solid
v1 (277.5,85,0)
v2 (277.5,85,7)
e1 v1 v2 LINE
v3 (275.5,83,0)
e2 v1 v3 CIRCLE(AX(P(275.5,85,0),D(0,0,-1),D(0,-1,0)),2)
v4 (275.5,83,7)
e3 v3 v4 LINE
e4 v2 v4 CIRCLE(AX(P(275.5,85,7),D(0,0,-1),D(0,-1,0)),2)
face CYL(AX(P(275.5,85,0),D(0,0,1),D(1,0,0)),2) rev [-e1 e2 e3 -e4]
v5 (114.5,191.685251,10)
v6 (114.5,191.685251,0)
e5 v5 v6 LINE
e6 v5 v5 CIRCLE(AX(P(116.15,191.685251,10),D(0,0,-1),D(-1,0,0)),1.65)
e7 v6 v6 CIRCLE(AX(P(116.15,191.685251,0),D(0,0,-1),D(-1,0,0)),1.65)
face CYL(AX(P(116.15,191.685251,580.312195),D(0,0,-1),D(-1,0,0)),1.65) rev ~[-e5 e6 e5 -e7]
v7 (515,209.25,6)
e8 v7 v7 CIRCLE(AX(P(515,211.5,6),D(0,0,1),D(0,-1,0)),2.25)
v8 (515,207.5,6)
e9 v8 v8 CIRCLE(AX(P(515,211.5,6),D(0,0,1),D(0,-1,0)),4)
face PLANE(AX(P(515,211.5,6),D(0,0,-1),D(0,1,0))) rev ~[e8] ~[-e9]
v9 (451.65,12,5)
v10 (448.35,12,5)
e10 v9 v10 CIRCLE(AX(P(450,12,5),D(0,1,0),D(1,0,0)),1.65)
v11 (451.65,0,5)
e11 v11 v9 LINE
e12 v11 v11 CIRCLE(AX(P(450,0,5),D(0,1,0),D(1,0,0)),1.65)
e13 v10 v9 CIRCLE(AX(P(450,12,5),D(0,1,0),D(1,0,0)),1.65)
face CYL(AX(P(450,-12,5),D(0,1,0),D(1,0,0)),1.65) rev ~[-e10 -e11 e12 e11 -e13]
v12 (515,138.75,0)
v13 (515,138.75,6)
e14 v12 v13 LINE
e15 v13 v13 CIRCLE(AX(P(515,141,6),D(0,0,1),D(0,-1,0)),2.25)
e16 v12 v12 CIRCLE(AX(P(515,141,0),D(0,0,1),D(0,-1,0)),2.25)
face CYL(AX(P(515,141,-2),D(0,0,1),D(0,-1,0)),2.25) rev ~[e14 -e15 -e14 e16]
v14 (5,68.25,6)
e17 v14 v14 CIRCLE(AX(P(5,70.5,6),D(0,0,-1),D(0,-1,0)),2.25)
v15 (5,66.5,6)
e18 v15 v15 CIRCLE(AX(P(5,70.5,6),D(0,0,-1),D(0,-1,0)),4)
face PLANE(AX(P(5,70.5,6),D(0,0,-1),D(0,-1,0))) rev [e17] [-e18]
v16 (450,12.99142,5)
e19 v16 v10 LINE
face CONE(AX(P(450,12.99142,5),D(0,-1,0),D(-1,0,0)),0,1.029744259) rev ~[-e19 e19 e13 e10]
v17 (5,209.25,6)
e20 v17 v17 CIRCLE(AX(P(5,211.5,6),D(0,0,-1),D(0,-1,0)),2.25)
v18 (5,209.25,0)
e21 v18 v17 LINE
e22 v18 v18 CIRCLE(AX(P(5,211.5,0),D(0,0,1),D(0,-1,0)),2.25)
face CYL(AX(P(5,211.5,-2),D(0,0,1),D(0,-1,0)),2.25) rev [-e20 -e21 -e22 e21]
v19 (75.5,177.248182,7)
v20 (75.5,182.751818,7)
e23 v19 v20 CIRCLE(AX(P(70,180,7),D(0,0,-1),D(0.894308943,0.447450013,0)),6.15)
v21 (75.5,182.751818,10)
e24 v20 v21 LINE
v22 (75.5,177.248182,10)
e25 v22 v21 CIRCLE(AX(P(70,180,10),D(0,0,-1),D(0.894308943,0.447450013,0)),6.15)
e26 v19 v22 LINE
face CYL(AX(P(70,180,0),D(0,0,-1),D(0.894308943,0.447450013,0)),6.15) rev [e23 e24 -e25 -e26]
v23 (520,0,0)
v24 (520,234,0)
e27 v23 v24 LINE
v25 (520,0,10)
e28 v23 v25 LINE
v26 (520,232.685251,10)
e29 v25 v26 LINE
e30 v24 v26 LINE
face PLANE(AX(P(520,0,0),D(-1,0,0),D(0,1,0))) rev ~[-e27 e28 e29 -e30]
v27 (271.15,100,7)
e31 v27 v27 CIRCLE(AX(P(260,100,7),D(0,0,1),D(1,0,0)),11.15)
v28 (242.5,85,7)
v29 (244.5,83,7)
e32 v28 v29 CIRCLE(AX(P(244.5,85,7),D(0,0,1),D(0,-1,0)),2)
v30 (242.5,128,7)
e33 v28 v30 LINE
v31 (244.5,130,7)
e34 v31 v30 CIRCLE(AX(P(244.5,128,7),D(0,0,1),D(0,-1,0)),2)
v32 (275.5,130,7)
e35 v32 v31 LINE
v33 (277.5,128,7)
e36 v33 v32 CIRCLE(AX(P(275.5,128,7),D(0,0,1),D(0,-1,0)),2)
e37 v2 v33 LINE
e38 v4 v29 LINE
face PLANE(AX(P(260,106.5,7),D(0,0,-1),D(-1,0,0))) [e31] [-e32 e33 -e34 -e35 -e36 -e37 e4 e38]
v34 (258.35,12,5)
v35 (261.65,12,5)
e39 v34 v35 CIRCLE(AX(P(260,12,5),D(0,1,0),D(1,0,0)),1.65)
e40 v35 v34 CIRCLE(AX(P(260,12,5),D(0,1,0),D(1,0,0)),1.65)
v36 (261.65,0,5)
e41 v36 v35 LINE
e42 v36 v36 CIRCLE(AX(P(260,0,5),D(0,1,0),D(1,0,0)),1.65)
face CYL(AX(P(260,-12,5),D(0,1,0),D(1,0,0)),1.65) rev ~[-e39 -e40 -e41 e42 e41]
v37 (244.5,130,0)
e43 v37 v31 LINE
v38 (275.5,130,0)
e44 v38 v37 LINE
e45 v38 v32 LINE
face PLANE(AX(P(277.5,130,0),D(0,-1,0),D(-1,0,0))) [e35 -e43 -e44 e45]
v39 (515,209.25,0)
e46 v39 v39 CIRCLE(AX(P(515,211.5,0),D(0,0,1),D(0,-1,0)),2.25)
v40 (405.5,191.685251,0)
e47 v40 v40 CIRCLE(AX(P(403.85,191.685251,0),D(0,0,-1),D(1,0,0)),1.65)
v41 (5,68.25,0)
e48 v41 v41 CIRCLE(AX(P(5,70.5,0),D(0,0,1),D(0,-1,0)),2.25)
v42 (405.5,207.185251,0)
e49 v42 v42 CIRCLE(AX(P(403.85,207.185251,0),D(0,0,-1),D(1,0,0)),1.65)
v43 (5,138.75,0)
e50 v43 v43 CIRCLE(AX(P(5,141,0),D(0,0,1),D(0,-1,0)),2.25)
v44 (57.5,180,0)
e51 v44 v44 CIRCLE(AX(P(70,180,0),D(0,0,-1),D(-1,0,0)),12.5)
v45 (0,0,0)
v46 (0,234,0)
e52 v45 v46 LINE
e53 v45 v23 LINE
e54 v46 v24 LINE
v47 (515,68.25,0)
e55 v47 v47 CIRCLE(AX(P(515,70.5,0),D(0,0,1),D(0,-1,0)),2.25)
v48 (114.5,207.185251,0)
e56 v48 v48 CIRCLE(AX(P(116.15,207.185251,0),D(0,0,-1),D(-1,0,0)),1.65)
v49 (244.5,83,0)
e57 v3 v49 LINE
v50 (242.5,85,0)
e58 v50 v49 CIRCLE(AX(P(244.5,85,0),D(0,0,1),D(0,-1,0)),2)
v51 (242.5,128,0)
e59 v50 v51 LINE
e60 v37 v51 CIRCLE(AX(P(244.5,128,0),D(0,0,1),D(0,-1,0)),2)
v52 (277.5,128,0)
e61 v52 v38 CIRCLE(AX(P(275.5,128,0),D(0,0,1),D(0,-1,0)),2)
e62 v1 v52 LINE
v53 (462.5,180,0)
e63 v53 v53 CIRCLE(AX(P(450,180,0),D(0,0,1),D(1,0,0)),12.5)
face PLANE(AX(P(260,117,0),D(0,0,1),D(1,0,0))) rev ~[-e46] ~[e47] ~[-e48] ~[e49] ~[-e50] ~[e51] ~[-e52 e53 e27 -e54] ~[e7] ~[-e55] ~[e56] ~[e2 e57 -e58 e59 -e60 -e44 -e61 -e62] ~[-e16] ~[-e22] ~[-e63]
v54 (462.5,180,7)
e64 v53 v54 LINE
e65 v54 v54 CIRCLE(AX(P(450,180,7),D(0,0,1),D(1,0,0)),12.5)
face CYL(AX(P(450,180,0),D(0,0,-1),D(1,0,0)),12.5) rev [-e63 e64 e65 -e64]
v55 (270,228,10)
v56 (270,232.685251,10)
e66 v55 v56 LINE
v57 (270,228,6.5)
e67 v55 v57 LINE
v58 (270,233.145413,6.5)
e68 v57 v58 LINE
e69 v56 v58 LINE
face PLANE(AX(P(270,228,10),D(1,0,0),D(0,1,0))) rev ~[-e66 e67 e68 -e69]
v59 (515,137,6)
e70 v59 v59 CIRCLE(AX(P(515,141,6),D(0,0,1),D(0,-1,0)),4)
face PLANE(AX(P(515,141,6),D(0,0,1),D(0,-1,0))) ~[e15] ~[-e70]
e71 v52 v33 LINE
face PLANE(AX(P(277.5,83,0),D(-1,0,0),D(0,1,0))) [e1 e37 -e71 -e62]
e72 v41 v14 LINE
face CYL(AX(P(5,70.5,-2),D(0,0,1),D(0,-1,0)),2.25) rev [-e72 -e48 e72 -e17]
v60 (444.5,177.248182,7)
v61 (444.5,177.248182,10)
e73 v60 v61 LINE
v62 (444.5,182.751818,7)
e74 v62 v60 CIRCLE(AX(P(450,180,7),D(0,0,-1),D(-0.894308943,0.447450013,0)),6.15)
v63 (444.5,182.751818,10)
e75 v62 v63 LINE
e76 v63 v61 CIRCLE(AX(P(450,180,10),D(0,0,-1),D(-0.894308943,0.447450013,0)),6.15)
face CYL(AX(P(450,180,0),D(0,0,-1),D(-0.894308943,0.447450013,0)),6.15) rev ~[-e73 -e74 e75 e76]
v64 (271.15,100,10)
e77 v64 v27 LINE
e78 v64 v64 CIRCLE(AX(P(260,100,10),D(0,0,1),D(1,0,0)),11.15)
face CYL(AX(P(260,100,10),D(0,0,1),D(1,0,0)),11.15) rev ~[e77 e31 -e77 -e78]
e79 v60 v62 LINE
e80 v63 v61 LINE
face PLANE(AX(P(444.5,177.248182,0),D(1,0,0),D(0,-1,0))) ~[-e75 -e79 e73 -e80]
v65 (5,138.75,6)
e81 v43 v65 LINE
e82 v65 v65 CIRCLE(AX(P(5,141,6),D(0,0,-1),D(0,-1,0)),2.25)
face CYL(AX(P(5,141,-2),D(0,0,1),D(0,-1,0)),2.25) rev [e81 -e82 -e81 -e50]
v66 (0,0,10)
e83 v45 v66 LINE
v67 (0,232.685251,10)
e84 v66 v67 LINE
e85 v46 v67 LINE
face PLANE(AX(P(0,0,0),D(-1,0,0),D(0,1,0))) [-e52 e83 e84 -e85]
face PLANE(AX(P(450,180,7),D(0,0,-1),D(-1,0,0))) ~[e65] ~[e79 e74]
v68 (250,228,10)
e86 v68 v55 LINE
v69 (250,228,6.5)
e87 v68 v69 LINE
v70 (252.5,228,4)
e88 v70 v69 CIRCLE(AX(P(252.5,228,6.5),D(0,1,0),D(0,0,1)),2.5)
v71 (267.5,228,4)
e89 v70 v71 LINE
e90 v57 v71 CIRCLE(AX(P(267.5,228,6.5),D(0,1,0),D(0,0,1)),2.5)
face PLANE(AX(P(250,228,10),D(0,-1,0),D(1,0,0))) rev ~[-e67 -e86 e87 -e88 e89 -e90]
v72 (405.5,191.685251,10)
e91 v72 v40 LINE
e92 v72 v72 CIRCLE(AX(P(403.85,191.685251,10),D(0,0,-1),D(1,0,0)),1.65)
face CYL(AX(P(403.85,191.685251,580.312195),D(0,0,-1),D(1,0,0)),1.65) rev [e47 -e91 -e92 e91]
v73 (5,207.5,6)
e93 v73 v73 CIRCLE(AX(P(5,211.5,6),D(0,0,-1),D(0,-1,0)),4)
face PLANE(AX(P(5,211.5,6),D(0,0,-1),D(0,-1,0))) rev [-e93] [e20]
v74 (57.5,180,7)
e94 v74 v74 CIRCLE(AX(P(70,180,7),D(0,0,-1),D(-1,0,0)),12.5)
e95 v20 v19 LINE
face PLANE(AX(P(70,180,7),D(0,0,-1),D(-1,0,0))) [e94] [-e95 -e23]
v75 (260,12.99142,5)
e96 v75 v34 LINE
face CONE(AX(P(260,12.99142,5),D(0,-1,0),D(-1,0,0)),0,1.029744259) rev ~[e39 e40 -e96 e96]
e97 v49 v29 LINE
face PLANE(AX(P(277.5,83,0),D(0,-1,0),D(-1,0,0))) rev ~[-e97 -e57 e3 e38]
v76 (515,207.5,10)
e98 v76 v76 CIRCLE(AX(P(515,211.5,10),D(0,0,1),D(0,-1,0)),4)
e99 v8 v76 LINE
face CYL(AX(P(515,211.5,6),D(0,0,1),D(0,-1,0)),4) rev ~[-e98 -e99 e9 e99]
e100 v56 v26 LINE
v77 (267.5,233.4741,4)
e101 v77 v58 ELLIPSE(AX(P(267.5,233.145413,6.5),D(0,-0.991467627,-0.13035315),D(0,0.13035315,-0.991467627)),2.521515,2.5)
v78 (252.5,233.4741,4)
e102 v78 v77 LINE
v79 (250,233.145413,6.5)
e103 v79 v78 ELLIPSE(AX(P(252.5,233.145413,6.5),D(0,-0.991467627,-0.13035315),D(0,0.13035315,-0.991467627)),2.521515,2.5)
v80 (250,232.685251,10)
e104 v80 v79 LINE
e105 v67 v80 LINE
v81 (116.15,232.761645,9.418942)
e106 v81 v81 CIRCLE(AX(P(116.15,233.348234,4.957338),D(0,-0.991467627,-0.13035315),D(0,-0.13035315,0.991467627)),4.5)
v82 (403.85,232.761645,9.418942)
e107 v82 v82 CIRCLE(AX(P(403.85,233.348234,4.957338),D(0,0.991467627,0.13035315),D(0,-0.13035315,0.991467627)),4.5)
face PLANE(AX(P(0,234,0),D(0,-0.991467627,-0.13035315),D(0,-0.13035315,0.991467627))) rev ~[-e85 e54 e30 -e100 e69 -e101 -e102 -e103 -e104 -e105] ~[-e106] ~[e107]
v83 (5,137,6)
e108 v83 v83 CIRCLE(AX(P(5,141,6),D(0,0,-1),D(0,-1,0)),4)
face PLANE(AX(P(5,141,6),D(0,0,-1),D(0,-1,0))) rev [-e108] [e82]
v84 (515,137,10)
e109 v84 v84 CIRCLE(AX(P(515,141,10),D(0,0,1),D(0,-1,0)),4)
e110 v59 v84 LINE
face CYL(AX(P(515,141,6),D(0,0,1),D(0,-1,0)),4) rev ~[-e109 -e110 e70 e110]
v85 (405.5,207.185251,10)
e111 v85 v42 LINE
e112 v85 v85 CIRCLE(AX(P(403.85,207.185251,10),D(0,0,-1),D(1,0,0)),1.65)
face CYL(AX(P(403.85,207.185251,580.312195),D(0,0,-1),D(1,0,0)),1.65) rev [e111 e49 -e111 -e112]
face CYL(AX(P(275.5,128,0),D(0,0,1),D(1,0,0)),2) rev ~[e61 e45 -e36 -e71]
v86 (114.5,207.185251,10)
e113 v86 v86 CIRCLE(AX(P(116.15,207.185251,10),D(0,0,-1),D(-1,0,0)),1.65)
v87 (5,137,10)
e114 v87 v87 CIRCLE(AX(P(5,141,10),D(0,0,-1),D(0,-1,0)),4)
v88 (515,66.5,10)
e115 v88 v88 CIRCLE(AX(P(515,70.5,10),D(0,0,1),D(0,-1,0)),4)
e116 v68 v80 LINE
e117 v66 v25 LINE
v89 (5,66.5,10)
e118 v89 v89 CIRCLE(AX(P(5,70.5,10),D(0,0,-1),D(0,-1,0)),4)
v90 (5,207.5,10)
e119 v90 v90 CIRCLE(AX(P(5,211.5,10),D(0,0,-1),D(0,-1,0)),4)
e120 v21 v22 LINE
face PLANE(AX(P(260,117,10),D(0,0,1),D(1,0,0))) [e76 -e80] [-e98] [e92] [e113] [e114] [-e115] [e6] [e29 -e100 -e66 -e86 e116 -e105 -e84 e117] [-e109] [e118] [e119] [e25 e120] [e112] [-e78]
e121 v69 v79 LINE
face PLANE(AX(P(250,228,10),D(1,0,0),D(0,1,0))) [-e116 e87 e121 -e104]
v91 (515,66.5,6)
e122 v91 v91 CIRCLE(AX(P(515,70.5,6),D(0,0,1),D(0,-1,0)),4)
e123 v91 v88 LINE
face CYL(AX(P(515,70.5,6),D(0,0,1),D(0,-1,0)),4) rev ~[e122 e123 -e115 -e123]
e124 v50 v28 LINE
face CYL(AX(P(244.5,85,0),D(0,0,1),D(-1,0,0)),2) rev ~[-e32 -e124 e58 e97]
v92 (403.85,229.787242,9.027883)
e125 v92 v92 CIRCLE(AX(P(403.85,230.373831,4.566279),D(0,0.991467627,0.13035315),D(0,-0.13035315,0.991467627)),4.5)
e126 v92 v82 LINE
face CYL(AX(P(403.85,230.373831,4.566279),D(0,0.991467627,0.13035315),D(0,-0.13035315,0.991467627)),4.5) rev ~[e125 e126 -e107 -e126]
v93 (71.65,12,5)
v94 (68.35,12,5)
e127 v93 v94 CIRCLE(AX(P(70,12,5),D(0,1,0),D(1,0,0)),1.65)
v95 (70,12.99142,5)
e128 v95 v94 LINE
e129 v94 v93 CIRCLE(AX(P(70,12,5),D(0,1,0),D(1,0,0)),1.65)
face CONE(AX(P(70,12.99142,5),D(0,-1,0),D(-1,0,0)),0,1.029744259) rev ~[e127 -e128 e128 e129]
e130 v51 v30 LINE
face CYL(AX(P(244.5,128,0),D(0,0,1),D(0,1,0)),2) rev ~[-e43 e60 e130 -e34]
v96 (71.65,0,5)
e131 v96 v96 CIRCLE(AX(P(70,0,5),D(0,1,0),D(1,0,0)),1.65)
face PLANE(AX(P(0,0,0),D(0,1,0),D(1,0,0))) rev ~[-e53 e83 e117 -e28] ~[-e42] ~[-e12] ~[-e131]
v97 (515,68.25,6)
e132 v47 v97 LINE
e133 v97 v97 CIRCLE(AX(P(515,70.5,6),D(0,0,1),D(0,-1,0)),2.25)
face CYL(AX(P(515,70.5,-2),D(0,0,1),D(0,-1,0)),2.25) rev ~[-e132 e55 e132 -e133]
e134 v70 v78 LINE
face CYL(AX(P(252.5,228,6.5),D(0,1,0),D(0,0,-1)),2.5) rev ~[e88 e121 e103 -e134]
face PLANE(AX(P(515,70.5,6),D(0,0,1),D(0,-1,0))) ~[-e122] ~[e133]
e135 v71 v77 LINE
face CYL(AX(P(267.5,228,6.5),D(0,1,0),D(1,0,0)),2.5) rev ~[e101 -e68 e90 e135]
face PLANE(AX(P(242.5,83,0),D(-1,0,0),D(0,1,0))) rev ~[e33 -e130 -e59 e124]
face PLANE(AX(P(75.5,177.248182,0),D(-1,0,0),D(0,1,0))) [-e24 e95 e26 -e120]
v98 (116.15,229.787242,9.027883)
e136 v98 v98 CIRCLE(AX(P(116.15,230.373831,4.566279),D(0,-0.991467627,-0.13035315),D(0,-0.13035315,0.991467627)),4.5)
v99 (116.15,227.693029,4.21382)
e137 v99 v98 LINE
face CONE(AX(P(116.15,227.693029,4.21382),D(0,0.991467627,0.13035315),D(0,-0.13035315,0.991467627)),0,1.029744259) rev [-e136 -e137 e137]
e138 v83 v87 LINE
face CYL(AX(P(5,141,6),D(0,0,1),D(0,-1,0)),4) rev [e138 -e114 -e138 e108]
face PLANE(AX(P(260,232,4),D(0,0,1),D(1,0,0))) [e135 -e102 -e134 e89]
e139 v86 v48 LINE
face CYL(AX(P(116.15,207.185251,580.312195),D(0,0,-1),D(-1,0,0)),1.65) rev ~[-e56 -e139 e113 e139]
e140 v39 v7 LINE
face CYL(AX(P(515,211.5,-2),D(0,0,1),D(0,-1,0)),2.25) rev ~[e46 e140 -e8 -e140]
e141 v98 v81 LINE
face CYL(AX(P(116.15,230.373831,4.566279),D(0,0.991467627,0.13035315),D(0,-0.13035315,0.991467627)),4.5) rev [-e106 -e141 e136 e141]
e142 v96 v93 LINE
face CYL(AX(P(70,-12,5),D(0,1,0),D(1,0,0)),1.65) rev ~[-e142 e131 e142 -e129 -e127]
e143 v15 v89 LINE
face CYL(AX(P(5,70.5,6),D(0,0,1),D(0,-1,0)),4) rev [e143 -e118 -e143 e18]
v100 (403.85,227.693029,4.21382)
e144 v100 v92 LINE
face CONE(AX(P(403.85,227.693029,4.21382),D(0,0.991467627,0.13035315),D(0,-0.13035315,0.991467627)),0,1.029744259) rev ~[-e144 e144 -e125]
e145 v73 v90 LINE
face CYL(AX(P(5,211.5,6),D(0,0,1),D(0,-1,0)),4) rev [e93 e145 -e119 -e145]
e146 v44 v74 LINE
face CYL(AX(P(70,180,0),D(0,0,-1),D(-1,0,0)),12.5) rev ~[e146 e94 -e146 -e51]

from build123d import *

# Parameters (mm, degrees)
SKETCH1_W                     = 520
SKETCH1_H                     = 234
BOSS_EXTRUDE1_DEPTH           = 10
SKETCH8_W                     = 20
SKETCH8_H                     = 8
CUT_EXTRUDE5_DEPTH            = 6
FILLET2_R                     = 2.5
CUT_EXTRUDE7_DEPTH            = 571.312195205
M4X0_7_TAPPED_HOLE1_D         = 3.3
M4X0_7_TAPPED_HOLE1_DEPTH     = 12
M4X0_7_TAPPED_HOLE1_TIP       = 0.991420021
CBORE_FOR_M4_SHCS1_AT_2_COUNT = 2
CBORE_FOR_M4_SHCS1_AT_2_PITCH = 70.5
CBORE_FOR_M4_SHCS1_AT_3_COUNT = 2
CBORE_FOR_M4_SHCS1_AT_3_PITCH = 141
M4X0_7_TAPPED_HOLE2_D         = 3.3
SKETCH18_R                    = 11.15
CUT_EXTRUDE8_DEPTH            = 571.312195205
SKETCH19_W                    = 35
SKETCH19_H                    = 47
CUT_EXTRUDE9_DEPTH            = 7
FILLET3_R                     = 2
CUT_EXTRUDE10_DEPTH           = 571.312195205
SKETCH21_R                    = 12.5
CUT_EXTRUDE11_DEPTH           = 7


with BuildPart() as part:
    # Sketch1 → Boss-Extrude1 (new body)
    with BuildSketch(Plane.XY):
        with Locations((260, 117)):
            Rectangle(SKETCH1_W, SKETCH1_H)
    extrude(amount=BOSS_EXTRUDE1_DEPTH)

    # Sketch8 → Cut-Extrude5 (cut)
    with BuildSketch(Plane.XY.offset(10)):
        with Locations((260, 232)):
            Rectangle(SKETCH8_W, SKETCH8_H)
    extrude(amount=-CUT_EXTRUDE5_DEPTH, mode=Mode.SUBTRACT)

    # Fillet2
    fillet2_edges = [part.edges().sort_by_distance(p)[0] for p in [
        (270, 231, 4),
        (250, 231, 4),
    ]]
    fillet(fillet2_edges, radius=FILLET2_R)

    # Sketch9 → Cut-Extrude7 (cut, through all)
    with BuildSketch(Plane(origin=(0, 0, 0), x_dir=(0, 0, -1), z_dir=(1, 0, 0))):
        Polygon((0, 234), (-10, 232.685250563), (-10, 234), align=None)
    extrude(amount=CUT_EXTRUDE7_DEPTH, mode=Mode.SUBTRACT)

    # M4x0.7 Tapped Hole1
    with Locations(Plane(origin=(0, 0, 0), x_dir=(-1, 0, 0), z_dir=(0, -1, 0))):
        with Locations((-70, -5), (-260, -5), (-450, -5)):
            Hole(M4X0_7_TAPPED_HOLE1_D / 2, depth=M4X0_7_TAPPED_HOLE1_DEPTH)
            with Locations((0, 0, -(M4X0_7_TAPPED_HOLE1_DEPTH + M4X0_7_TAPPED_HOLE1_TIP / 2))):  # 118° drill point
                Cone(0, M4X0_7_TAPPED_HOLE1_D / 2, M4X0_7_TAPPED_HOLE1_TIP, mode=Mode.SUBTRACT)

    # Sketch13 → CBORE for M4 SHCS1 (revolve, cut)
    with BuildSketch(Plane(origin=(5, 211.5, 10), x_dir=(0, -1, 0), z_dir=(1, 0, 0))):
        Polygon((0, 0), (0, 13.351936393), (2.25, 12), (2.25, 4), (4, 4), (4, 0), align=None)
    cbore_for_m4_shcs1 = revolve(axis=Axis((5, 211.5, 16.35), (0, 0, -1)), mode=Mode.SUBTRACT)

    # CBORE for M4 SHCS1 at 2: CBORE for M4 SHCS1 ×2
    with Locations(*[(0, -i * CBORE_FOR_M4_SHCS1_AT_2_PITCH, 0) for i in range(1, CBORE_FOR_M4_SHCS1_AT_2_COUNT)]):
        add(cbore_for_m4_shcs1, mode=Mode.SUBTRACT)

    # CBORE for M4 SHCS1 at 3: CBORE for M4 SHCS1 ×2
    with Locations(*[(0, -i * CBORE_FOR_M4_SHCS1_AT_3_PITCH, 0) for i in range(1, CBORE_FOR_M4_SHCS1_AT_3_COUNT)]):
        add(cbore_for_m4_shcs1, mode=Mode.SUBTRACT)

    # Mirror1: CBORE for M4 SHCS1 across plane
    add(cbore_for_m4_shcs1.mirror(Plane.ZY.offset(-260)), mode=Mode.SUBTRACT)

    # Mirror1 copy 1 sketch → Mirror1 copy 1 (revolve, cut)
    with BuildSketch(Plane(origin=(515, 141, 10), x_dir=(0, -1, 0), z_dir=(-1, 0, 0))):
        Polygon((0, 0), (0, -13.351936393), (2.25, -12), (2.25, -4), (4, -4), (4, 0), align=None)
    revolve(axis=Axis((515, 141, 16.35), (0, 0, 1)), mode=Mode.SUBTRACT)

    # Mirror1 copy 2 sketch → Mirror1 copy 2 (revolve, cut)
    with BuildSketch(Plane(origin=(515, 70.5, 10), x_dir=(0, -1, 0), z_dir=(-1, 0, 0))):
        Polygon((0, 0), (0, -13.351936393), (2.25, -12), (2.25, -4), (4, -4), (4, 0), align=None)
    revolve(axis=Axis((515, 70.5, 16.35), (0, 0, 1)), mode=Mode.SUBTRACT)

    # M4x0.7 Tapped Hole2 (through all)
    with Locations(Plane.XY.offset(10)):
        with Locations((116.15, 207.185250563), (116.15, 191.685250563)):
            m4x0_7_tapped_hole2 = Hole(M4X0_7_TAPPED_HOLE2_D / 2)

    # Mirror2: M4x0.7 Tapped Hole2 across plane
    add(m4x0_7_tapped_hole2.mirror(Plane.ZY.offset(-260)), mode=Mode.SUBTRACT)

    # Sketch17 → Ø9.0 (9) Diameter Hole1 (revolve, cut)
    with BuildSketch(Plane(origin=(116.15, 233.348234248, 4.957338137), x_dir=(0, -0.1303531504610662, 0.9914676273912701), z_dir=(1, 0, 0))):
        Polygon((0, 0), (0, 5.703872786), (4.5, 3), (4.5, 0), align=None)
    f_9_0_9_diameter_hole1 = revolve(axis=Axis((116.15, 239.644053682, 5.785080642), (0, -0.9914676273912703, -0.13035315046106621)), mode=Mode.SUBTRACT)

    # Mirror5: Ø9.0 (9) Diameter Hole1 across plane
    add(f_9_0_9_diameter_hole1.mirror(Plane.ZY.offset(-260)), mode=Mode.SUBTRACT)

    # Sketch18 → Cut-Extrude8 (cut, through all)
    with BuildSketch(Plane.XY.offset(10)):
        with Locations((260, 100)):
            Circle(SKETCH18_R)
    extrude(amount=-CUT_EXTRUDE8_DEPTH, mode=Mode.SUBTRACT)

    # Sketch19 → Cut-Extrude9 (cut)
    with BuildSketch(Plane(origin=(0, 0, 0), x_dir=(-1, 0, 0), z_dir=(0, 0, -1))):
        with Locations((-260, 106.5)):
            Rectangle(SKETCH19_W, SKETCH19_H)
    extrude(amount=-CUT_EXTRUDE9_DEPTH, mode=Mode.SUBTRACT)

    # Fillet3
    fillet3_edges = [part.edges().sort_by_distance(p)[0] for p in [
        (277.5, 83, 3.5),
        (277.5, 130, 3.5),
        (242.5, 130, 3.5),
        (242.5, 83, 3.5),
    ]]
    fillet(fillet3_edges, radius=FILLET3_R)

    # Sketch20 → Cut-Extrude10 (cut, through all)
    with BuildSketch(Plane(origin=(0, 0, 0), x_dir=(-1, 0, 0), z_dir=(0, 0, -1))):
        with BuildLine():
            Line((-75.5, 177.248182419), (-75.5, 182.751817581))
            ThreePointArc((-75.5, 182.751817581), (-63.85, 180), (-75.5, 177.248182419))
        make_face()
    cut_extrude10 = extrude(amount=-CUT_EXTRUDE10_DEPTH, mode=Mode.SUBTRACT)

    # Mirror6: Cut-Extrude10 across plane
    add(cut_extrude10.mirror(Plane.ZY.offset(-260)), mode=Mode.SUBTRACT)

    # Sketch21 → Cut-Extrude11 (cut)
    with BuildSketch(Plane(origin=(0, 0, 0), x_dir=(-1, 0, 0), z_dir=(0, 0, -1))):
        with Locations((-70, 180)):
            Circle(SKETCH21_R)
    cut_extrude11 = extrude(amount=-CUT_EXTRUDE11_DEPTH, mode=Mode.SUBTRACT)

    # Mirror7: Cut-Extrude11 across plane
    add(cut_extrude11.mirror(Plane.ZY.offset(-260)), mode=Mode.SUBTRACT)


solid = part.part
